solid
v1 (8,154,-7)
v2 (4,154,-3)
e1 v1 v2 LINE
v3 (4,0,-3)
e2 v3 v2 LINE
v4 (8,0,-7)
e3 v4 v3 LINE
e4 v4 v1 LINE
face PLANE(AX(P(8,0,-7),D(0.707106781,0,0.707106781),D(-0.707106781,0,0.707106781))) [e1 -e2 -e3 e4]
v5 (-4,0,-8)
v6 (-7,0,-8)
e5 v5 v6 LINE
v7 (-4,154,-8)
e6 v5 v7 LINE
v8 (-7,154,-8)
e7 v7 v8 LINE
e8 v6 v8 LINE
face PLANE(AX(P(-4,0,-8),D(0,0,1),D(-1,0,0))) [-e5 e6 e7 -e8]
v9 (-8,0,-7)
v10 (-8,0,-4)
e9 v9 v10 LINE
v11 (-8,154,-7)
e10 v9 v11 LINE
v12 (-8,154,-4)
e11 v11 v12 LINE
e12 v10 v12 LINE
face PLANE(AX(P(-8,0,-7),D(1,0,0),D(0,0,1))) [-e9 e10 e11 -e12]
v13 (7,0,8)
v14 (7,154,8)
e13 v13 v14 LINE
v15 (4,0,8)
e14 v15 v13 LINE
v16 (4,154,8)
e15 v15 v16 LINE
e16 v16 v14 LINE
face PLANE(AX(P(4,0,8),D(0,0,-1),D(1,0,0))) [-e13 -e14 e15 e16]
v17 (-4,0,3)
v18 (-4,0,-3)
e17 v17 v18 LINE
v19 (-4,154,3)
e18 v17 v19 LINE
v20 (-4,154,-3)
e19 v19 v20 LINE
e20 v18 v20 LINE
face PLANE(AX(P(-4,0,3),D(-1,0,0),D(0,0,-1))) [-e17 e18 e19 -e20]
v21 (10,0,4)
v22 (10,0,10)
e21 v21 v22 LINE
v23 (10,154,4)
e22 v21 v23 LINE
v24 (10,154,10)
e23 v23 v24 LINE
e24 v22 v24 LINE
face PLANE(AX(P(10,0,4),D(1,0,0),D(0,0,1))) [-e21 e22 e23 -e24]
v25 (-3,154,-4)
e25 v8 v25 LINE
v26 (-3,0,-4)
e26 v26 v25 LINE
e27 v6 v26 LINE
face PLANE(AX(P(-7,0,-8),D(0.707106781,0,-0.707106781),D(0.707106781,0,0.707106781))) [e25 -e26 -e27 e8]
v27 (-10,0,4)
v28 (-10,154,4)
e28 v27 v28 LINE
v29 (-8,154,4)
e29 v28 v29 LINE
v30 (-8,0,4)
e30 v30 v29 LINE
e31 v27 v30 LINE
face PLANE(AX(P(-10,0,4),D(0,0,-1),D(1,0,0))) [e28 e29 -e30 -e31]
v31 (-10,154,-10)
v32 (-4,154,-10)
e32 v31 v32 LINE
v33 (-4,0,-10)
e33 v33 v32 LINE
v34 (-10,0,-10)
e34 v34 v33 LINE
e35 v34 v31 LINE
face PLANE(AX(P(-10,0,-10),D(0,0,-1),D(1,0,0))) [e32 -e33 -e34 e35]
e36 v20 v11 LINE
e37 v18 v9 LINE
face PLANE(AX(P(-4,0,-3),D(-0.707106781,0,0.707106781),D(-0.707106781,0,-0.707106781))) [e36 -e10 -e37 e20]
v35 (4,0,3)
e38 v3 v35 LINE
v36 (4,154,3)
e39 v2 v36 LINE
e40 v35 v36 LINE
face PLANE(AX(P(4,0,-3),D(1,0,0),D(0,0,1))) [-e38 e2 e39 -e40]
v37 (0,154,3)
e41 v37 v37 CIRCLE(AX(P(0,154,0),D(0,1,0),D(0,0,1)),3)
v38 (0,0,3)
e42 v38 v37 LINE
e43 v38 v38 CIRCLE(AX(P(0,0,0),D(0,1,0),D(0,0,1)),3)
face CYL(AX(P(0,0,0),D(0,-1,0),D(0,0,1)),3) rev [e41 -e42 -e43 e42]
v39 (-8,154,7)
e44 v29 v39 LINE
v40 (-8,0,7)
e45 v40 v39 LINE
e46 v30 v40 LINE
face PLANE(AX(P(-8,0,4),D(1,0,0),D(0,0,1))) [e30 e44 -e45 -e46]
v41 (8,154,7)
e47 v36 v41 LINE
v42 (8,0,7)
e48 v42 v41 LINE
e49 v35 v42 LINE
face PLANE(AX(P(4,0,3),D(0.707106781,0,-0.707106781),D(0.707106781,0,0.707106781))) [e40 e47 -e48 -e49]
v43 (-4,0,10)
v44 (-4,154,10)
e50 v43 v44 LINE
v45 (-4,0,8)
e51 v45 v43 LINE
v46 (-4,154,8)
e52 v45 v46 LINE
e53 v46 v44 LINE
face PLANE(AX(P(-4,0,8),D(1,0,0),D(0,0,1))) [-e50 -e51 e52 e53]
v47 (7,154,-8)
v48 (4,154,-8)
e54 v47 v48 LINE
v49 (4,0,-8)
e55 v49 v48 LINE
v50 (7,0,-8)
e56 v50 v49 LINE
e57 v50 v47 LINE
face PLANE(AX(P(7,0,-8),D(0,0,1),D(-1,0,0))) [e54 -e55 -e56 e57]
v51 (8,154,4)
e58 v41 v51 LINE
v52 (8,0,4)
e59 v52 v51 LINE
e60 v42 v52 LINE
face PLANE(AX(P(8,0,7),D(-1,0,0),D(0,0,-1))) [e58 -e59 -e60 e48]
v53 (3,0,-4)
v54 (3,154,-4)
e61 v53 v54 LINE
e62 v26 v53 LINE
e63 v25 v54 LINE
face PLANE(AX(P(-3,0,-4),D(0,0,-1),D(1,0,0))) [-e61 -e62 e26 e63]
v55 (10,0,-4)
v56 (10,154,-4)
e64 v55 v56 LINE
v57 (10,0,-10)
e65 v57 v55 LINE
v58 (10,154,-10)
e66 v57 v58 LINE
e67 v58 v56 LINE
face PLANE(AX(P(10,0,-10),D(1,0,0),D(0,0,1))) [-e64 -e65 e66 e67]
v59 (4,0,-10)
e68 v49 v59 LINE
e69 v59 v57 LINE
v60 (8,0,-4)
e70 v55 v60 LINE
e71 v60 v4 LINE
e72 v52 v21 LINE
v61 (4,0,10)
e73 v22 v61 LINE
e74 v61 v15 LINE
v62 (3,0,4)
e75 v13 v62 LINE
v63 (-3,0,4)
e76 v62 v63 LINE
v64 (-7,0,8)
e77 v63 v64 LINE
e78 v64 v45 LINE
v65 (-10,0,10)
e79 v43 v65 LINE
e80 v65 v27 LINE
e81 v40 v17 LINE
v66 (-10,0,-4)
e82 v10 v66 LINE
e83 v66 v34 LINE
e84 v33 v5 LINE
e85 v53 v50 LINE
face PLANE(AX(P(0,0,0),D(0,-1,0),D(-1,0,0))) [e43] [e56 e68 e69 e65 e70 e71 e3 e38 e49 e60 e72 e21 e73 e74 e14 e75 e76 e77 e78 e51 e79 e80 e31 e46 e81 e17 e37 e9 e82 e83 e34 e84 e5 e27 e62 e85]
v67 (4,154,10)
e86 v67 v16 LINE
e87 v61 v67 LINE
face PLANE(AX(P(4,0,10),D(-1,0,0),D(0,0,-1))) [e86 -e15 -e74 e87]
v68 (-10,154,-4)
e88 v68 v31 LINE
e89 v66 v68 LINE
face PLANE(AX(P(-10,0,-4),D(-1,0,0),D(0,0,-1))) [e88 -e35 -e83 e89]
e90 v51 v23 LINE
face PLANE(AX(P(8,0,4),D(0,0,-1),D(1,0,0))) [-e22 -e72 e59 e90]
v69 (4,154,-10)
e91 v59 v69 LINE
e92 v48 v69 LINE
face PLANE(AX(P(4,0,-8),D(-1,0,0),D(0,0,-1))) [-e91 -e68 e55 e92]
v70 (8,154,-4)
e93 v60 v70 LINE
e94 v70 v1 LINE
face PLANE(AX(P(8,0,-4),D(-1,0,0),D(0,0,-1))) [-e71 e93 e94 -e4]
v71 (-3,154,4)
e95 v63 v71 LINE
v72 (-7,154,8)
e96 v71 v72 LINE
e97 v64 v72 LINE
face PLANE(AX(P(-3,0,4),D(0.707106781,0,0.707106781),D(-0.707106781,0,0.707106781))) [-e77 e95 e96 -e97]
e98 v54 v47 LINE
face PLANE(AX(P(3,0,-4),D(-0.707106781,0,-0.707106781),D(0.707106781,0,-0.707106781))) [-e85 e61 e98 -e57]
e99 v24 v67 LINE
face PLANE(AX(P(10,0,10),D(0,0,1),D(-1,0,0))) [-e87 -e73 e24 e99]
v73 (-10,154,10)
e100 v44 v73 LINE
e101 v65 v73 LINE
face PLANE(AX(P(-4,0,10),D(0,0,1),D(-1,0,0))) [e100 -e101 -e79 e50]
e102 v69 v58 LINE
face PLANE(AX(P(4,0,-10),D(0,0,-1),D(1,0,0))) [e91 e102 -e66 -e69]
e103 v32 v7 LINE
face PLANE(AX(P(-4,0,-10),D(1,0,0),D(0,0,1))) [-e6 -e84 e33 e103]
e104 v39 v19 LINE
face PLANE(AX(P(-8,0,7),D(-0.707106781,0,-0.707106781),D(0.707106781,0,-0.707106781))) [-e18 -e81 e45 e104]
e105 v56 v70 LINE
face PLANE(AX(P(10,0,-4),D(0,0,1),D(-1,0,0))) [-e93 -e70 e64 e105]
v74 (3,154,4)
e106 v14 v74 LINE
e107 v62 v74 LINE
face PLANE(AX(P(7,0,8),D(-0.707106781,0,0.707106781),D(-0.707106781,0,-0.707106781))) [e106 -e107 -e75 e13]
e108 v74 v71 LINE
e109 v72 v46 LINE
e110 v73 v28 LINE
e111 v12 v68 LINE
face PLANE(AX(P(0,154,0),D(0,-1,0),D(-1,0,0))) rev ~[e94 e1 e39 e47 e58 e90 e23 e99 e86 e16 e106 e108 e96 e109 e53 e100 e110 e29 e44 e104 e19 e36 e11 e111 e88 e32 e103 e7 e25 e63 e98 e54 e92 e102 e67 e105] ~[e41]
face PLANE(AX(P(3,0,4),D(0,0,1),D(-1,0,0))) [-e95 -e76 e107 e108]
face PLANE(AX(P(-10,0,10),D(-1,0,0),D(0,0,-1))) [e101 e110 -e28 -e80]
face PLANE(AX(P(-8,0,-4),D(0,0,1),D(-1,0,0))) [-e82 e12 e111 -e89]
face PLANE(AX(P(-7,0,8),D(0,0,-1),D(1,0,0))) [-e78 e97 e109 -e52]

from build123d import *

# Parameters (mm, degrees)
F_2020_SKETCH_R     = 3
BOSS_EXTRUDE1_DEPTH = 154


with BuildPart() as part:
    # 2020 sketch → Boss-Extrude1 (new body)
    with BuildSketch(Plane(origin=(0, 0, 0), x_dir=(1, 0, 0), z_dir=(0, 1, 0))):
        Polygon((-4, 10), (-4, 8), (-7, 8), (-3, 4), (3, 4), (7, 8), (4, 8), (4, 10), (10, 10), (10, 4), (8, 4), (8, 7), (4, 3), (4, -3), (8, -7), (8, -4), (10, -4), (10, -10), (4, -10), (4, -8), (7, -8), (3, -4), (-3, -4), (-7, -8), (-4, -8), (-4, -10), (-10, -10), (-10, -4), (-8, -4), (-8, -7), (-4, -3), (-4, 3), (-8, 7), (-8, 4), (-10, 4), (-10, 10), align=None)
        with Locations(Location((0, 0, 0), (0, 0, 270))):
            Circle(F_2020_SKETCH_R, mode=Mode.SUBTRACT)
    extrude(amount=BOSS_EXTRUDE1_DEPTH)


solid = part.part
